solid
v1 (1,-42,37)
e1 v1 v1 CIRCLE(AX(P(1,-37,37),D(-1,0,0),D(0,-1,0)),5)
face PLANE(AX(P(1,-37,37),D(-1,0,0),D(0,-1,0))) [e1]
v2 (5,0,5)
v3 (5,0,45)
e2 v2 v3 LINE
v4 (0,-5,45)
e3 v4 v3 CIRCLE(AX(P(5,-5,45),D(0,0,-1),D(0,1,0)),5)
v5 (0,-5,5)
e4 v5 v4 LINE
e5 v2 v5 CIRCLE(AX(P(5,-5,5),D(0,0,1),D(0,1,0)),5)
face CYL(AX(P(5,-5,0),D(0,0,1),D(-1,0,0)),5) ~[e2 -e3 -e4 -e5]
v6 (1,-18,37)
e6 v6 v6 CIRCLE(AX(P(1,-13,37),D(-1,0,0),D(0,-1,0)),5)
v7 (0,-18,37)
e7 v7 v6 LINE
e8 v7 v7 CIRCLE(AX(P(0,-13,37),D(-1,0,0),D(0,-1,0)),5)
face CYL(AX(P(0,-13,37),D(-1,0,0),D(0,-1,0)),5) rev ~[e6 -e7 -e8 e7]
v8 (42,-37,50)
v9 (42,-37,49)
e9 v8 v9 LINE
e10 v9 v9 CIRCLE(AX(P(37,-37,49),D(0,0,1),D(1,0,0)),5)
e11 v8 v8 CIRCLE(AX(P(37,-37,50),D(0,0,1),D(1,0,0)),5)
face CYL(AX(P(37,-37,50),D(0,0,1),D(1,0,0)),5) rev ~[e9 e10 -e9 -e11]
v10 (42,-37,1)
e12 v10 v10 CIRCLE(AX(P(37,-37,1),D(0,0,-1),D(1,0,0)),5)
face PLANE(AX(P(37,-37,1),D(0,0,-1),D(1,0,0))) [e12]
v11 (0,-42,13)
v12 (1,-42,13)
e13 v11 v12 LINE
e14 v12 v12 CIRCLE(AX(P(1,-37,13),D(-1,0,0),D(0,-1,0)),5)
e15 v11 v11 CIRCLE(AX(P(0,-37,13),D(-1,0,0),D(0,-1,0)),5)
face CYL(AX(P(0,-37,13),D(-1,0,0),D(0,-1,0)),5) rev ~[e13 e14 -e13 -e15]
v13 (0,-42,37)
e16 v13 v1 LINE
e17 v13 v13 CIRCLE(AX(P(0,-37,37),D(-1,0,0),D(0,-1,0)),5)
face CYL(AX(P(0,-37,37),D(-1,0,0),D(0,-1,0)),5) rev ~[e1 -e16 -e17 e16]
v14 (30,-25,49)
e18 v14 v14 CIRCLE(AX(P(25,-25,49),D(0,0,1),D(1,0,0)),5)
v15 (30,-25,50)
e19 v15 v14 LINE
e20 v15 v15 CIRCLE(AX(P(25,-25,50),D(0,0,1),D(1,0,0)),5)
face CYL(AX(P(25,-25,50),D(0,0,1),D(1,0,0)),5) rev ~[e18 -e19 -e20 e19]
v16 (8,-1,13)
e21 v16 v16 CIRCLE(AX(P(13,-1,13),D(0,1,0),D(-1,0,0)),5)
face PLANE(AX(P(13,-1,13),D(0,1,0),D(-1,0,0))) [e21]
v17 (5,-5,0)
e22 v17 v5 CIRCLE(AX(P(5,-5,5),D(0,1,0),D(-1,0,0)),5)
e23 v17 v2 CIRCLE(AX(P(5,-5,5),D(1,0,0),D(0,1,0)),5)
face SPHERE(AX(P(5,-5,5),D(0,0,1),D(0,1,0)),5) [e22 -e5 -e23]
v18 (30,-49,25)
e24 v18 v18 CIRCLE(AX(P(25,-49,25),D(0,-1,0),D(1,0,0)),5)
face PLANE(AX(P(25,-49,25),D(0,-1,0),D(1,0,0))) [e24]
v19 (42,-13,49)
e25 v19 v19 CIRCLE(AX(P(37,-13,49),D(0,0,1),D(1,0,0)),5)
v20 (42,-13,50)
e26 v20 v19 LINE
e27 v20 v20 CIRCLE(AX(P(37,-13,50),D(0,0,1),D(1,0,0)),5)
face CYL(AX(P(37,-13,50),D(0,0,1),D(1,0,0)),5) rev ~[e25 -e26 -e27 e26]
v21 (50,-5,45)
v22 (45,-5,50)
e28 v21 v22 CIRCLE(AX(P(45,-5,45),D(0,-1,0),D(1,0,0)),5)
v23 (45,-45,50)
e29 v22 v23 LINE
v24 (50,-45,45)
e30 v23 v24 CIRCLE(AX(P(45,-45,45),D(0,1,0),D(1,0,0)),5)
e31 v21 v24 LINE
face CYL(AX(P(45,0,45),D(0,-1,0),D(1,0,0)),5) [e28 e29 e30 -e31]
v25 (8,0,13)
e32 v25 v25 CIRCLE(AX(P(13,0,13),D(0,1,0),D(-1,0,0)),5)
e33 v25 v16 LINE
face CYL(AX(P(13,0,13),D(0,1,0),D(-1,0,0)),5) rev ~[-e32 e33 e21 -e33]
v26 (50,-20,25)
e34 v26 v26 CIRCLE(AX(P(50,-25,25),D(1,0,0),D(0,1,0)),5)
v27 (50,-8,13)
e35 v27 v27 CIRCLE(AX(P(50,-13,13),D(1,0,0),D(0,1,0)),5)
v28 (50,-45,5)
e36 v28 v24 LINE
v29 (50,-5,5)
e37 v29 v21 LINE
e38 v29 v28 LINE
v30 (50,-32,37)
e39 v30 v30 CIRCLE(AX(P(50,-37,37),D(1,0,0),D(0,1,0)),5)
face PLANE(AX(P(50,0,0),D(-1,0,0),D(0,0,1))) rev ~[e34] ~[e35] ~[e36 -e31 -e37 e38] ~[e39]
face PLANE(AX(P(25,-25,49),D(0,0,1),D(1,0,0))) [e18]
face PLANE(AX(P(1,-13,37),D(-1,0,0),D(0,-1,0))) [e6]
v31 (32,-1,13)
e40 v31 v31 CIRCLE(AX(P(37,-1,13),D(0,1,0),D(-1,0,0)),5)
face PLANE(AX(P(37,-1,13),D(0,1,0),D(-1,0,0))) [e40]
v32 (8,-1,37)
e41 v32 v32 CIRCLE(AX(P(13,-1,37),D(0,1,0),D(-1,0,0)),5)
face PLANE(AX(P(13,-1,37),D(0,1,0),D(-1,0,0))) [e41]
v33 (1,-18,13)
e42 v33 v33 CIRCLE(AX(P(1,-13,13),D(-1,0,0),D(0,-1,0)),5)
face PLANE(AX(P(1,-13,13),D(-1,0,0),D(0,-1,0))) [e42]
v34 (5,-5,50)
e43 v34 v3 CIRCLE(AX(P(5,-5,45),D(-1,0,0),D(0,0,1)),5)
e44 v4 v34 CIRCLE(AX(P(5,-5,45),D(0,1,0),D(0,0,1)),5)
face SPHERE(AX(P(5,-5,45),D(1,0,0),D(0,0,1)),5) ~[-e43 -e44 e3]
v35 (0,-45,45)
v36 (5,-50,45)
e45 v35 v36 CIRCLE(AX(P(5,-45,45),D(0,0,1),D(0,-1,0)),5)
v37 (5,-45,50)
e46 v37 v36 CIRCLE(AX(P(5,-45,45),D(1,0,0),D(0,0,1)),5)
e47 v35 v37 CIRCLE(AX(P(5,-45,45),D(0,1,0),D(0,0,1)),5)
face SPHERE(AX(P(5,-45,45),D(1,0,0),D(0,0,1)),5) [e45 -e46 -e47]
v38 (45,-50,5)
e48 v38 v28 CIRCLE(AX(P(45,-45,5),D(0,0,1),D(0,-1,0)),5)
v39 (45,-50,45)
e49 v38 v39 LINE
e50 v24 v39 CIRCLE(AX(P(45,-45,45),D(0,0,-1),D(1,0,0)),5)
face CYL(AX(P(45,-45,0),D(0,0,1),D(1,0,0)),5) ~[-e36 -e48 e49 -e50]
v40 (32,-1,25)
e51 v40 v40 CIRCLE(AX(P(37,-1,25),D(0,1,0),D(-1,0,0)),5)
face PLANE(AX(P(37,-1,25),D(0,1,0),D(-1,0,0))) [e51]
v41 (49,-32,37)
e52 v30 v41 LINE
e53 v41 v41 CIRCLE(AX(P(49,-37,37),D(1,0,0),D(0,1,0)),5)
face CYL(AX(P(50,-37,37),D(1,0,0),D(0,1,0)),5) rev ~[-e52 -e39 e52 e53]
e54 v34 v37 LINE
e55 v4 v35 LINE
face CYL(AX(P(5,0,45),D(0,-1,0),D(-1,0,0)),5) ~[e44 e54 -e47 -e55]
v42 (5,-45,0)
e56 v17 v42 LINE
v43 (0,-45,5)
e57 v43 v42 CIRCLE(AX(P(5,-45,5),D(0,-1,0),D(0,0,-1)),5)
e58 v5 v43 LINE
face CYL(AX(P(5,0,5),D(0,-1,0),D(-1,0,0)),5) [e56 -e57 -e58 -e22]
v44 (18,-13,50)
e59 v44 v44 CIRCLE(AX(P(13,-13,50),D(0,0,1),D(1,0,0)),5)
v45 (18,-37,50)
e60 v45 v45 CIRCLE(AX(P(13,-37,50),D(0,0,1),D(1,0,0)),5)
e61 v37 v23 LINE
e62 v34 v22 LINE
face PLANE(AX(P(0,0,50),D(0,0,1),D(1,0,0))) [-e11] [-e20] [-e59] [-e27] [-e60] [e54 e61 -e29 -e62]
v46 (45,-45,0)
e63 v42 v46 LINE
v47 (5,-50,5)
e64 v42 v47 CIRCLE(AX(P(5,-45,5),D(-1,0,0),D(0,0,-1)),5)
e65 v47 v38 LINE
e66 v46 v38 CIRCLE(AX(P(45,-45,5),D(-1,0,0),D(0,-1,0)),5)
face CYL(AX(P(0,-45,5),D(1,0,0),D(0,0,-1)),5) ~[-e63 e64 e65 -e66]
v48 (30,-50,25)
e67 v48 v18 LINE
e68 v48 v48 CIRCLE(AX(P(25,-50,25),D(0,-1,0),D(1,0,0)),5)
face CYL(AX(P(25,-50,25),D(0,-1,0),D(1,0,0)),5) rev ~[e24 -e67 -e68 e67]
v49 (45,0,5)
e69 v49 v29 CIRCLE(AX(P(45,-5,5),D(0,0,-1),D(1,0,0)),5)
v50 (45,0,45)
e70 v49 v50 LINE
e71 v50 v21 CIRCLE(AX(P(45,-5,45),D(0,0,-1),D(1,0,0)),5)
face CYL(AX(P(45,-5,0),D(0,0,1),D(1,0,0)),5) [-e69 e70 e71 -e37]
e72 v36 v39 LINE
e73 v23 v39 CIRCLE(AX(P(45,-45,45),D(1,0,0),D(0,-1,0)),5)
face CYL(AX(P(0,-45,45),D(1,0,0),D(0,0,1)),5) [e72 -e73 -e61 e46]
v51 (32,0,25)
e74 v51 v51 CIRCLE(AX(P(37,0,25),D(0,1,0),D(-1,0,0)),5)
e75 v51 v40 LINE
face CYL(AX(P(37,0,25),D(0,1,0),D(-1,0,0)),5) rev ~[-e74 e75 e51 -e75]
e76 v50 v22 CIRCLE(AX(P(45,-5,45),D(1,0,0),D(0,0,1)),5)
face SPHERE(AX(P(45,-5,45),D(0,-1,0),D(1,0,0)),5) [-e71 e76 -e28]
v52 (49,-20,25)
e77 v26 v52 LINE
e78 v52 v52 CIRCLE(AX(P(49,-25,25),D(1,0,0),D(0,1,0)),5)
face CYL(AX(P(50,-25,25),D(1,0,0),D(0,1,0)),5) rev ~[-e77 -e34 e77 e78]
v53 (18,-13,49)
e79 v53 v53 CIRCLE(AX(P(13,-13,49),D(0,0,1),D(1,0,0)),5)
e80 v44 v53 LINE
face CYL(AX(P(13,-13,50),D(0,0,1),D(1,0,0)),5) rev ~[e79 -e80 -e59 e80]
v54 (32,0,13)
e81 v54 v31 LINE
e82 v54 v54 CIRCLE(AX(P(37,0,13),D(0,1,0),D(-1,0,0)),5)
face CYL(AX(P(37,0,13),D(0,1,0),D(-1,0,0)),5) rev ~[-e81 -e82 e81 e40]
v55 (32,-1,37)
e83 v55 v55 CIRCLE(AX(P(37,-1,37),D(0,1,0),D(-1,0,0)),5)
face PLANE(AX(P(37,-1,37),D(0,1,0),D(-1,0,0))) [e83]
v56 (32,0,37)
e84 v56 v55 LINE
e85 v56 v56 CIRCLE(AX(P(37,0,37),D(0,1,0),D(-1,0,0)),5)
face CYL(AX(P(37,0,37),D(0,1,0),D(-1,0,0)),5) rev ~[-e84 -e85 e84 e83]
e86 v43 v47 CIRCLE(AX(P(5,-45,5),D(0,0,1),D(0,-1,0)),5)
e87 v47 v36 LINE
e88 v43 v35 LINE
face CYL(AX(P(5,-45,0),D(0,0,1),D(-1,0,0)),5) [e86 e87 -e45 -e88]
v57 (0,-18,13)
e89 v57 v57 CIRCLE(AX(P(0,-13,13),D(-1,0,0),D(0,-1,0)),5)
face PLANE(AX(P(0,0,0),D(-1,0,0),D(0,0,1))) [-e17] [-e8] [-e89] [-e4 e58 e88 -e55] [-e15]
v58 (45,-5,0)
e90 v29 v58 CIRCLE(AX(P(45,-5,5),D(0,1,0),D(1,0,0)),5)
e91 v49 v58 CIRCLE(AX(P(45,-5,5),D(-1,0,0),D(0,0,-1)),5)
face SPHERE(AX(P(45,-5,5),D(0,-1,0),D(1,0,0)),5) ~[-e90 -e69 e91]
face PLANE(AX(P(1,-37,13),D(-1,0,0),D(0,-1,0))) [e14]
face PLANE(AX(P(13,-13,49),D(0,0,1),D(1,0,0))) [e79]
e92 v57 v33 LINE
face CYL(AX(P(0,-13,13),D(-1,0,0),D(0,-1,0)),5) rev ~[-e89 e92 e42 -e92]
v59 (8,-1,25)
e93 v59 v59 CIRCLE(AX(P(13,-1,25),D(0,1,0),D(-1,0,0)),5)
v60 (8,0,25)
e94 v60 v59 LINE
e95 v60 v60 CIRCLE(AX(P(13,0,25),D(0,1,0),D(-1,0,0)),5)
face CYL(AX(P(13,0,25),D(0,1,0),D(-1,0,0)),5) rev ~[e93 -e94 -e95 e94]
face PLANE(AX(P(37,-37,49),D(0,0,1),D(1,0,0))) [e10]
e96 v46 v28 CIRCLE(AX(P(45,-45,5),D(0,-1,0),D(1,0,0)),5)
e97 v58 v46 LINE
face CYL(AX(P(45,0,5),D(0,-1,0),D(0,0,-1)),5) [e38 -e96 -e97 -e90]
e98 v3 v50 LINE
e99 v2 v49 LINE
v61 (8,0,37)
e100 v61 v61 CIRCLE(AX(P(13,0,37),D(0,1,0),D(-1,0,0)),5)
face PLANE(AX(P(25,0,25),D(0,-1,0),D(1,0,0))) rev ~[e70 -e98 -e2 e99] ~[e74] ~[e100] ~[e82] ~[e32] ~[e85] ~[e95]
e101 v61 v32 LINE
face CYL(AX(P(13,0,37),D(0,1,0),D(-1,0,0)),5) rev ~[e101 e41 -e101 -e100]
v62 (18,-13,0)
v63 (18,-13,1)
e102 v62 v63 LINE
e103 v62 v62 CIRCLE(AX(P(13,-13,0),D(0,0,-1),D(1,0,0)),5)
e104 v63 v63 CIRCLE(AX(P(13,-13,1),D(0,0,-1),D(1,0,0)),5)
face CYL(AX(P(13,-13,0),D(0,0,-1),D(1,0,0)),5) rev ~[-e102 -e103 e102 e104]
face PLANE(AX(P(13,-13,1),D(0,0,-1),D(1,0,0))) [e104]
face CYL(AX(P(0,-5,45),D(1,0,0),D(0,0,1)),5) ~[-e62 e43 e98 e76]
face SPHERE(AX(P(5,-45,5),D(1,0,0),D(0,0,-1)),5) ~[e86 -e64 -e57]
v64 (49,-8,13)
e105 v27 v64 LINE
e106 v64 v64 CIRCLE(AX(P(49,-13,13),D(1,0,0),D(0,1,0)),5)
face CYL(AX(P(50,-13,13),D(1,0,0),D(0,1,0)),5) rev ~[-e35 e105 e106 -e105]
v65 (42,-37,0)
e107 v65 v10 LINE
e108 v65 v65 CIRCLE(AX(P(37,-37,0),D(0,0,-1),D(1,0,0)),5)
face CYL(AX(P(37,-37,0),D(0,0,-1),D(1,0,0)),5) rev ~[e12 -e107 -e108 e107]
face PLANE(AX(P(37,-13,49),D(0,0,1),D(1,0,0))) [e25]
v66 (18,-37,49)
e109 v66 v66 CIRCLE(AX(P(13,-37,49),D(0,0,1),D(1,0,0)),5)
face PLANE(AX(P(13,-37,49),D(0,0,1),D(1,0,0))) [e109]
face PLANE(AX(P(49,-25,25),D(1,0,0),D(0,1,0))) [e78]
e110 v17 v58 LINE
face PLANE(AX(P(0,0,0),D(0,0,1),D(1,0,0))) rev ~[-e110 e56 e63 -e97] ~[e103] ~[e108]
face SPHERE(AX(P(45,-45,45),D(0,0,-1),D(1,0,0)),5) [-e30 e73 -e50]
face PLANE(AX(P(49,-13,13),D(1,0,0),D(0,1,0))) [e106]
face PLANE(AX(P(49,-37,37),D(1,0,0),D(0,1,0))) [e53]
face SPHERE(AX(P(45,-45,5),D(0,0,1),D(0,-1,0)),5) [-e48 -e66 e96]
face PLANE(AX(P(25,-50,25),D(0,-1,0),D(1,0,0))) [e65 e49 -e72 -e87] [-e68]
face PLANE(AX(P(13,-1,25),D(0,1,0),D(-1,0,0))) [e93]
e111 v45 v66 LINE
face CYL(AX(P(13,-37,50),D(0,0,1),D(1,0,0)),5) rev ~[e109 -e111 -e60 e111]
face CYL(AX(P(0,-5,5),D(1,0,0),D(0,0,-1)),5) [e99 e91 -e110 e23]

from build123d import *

# Parameters (mm, degrees)
F0_W      = 50
F0_H      = 50
F1_DEPTH  = 50
F2_R      = 5
F3_R      = 5
F4_DEPTH  = 1
F5_R      = 5
F6_DEPTH  = 1
F7_R      = 5
F8_DEPTH  = 1
F9_R      = 5
F10_DEPTH = 1
F11_R     = 5
F12_DEPTH = 1
F13_R     = 5
F14_DEPTH = 1


with BuildPart() as f1:
    # F0 (on Front) → F1 (new body)
    with BuildSketch(Plane.XZ):
        with Locations((25, 25)):
            Rectangle(F0_W, F0_H)
    extrude(amount=F1_DEPTH)

    # F2
    f2_edges = [f1.edges().sort_by_distance(p)[0] for p in [
        (50, -50, 25),
        (50, -25, 50),
        (25, -50, 50),
        (25, -50, 0),
        (50, -25, 0),
        (50, 0, 25),
        (25, 0, 50),
        (0, -25, 50),
        (0, 0, 25),
        (25, 0, 0),
        (0, -25, 0),
        (0, -50, 25),
    ]]
    fillet(f2_edges, radius=F2_R)

    # F3 (on face) → F4 (cut)
    with BuildSketch(Plane.XZ.offset(50)):
        with Locations((25, 25)):
            Circle(F3_R)
    extrude(amount=-F4_DEPTH, mode=Mode.SUBTRACT)

    # F5 (on face) → F6 (cut)
    with BuildSketch(Plane(origin=(0, 0, 0), x_dir=(-1, 0, 0), z_dir=(0, 1, 0))):
        with Locations((-37, 37)):
            Circle(F5_R)
        with Locations((-13, 37)):
            Circle(F5_R)
        with Locations((-37, 25)):
            Circle(F5_R)
        with Locations((-13, 25)):
            Circle(F5_R)
        with Locations((-13, 13)):
            Circle(F5_R)
        with Locations((-37, 13)):
            Circle(F5_R)
    extrude(amount=-F6_DEPTH, mode=Mode.SUBTRACT)

    # F7 (on face) → F8 (cut)
    with BuildSketch(Plane.XY.offset(50)):
        with Locations((37, -13)):
            Circle(F7_R)
        with Locations((37, -37)):
            Circle(F7_R)
        with Locations((25, -25)):
            Circle(F7_R)
        with Locations((13, -13)):
            Circle(F7_R)
        with Locations((13, -37)):
            Circle(F7_R)
    extrude(amount=-F8_DEPTH, mode=Mode.SUBTRACT)

    # F9 (on face) → F10 (cut)
    with BuildSketch(Plane(origin=(0, 0, 0), x_dir=(1, 0, 0), z_dir=(0, 0, -1))):
        with Locations((37, 37)):
            Circle(F9_R)
        with Locations((13, 13)):
            Circle(F9_R)
    extrude(amount=-F10_DEPTH, mode=Mode.SUBTRACT)

    # F11 (on face) → F12 (cut)
    with BuildSketch(Plane.YZ.offset(50)):
        with Locations((-37, 37)):
            Circle(F11_R)
        with Locations((-25, 25)):
            Circle(F11_R)
        with Locations((-13, 13)):
            Circle(F11_R)
    extrude(amount=-F12_DEPTH, mode=Mode.SUBTRACT)

    # F13 (on face) → F14 (cut)
    with BuildSketch(Plane(origin=(0, 0, 0), x_dir=(0, -1, 0), z_dir=(-1, 0, 0))):
        with Locations((37, 37)):
            Circle(F13_R)
        with Locations((37, 13)):
            Circle(F13_R)
        with Locations((13, 13)):
            Circle(F13_R)
        with Locations((13, 37)):
            Circle(F13_R)
    extrude(amount=-F14_DEPTH, mode=Mode.SUBTRACT)


solid = f1.part
